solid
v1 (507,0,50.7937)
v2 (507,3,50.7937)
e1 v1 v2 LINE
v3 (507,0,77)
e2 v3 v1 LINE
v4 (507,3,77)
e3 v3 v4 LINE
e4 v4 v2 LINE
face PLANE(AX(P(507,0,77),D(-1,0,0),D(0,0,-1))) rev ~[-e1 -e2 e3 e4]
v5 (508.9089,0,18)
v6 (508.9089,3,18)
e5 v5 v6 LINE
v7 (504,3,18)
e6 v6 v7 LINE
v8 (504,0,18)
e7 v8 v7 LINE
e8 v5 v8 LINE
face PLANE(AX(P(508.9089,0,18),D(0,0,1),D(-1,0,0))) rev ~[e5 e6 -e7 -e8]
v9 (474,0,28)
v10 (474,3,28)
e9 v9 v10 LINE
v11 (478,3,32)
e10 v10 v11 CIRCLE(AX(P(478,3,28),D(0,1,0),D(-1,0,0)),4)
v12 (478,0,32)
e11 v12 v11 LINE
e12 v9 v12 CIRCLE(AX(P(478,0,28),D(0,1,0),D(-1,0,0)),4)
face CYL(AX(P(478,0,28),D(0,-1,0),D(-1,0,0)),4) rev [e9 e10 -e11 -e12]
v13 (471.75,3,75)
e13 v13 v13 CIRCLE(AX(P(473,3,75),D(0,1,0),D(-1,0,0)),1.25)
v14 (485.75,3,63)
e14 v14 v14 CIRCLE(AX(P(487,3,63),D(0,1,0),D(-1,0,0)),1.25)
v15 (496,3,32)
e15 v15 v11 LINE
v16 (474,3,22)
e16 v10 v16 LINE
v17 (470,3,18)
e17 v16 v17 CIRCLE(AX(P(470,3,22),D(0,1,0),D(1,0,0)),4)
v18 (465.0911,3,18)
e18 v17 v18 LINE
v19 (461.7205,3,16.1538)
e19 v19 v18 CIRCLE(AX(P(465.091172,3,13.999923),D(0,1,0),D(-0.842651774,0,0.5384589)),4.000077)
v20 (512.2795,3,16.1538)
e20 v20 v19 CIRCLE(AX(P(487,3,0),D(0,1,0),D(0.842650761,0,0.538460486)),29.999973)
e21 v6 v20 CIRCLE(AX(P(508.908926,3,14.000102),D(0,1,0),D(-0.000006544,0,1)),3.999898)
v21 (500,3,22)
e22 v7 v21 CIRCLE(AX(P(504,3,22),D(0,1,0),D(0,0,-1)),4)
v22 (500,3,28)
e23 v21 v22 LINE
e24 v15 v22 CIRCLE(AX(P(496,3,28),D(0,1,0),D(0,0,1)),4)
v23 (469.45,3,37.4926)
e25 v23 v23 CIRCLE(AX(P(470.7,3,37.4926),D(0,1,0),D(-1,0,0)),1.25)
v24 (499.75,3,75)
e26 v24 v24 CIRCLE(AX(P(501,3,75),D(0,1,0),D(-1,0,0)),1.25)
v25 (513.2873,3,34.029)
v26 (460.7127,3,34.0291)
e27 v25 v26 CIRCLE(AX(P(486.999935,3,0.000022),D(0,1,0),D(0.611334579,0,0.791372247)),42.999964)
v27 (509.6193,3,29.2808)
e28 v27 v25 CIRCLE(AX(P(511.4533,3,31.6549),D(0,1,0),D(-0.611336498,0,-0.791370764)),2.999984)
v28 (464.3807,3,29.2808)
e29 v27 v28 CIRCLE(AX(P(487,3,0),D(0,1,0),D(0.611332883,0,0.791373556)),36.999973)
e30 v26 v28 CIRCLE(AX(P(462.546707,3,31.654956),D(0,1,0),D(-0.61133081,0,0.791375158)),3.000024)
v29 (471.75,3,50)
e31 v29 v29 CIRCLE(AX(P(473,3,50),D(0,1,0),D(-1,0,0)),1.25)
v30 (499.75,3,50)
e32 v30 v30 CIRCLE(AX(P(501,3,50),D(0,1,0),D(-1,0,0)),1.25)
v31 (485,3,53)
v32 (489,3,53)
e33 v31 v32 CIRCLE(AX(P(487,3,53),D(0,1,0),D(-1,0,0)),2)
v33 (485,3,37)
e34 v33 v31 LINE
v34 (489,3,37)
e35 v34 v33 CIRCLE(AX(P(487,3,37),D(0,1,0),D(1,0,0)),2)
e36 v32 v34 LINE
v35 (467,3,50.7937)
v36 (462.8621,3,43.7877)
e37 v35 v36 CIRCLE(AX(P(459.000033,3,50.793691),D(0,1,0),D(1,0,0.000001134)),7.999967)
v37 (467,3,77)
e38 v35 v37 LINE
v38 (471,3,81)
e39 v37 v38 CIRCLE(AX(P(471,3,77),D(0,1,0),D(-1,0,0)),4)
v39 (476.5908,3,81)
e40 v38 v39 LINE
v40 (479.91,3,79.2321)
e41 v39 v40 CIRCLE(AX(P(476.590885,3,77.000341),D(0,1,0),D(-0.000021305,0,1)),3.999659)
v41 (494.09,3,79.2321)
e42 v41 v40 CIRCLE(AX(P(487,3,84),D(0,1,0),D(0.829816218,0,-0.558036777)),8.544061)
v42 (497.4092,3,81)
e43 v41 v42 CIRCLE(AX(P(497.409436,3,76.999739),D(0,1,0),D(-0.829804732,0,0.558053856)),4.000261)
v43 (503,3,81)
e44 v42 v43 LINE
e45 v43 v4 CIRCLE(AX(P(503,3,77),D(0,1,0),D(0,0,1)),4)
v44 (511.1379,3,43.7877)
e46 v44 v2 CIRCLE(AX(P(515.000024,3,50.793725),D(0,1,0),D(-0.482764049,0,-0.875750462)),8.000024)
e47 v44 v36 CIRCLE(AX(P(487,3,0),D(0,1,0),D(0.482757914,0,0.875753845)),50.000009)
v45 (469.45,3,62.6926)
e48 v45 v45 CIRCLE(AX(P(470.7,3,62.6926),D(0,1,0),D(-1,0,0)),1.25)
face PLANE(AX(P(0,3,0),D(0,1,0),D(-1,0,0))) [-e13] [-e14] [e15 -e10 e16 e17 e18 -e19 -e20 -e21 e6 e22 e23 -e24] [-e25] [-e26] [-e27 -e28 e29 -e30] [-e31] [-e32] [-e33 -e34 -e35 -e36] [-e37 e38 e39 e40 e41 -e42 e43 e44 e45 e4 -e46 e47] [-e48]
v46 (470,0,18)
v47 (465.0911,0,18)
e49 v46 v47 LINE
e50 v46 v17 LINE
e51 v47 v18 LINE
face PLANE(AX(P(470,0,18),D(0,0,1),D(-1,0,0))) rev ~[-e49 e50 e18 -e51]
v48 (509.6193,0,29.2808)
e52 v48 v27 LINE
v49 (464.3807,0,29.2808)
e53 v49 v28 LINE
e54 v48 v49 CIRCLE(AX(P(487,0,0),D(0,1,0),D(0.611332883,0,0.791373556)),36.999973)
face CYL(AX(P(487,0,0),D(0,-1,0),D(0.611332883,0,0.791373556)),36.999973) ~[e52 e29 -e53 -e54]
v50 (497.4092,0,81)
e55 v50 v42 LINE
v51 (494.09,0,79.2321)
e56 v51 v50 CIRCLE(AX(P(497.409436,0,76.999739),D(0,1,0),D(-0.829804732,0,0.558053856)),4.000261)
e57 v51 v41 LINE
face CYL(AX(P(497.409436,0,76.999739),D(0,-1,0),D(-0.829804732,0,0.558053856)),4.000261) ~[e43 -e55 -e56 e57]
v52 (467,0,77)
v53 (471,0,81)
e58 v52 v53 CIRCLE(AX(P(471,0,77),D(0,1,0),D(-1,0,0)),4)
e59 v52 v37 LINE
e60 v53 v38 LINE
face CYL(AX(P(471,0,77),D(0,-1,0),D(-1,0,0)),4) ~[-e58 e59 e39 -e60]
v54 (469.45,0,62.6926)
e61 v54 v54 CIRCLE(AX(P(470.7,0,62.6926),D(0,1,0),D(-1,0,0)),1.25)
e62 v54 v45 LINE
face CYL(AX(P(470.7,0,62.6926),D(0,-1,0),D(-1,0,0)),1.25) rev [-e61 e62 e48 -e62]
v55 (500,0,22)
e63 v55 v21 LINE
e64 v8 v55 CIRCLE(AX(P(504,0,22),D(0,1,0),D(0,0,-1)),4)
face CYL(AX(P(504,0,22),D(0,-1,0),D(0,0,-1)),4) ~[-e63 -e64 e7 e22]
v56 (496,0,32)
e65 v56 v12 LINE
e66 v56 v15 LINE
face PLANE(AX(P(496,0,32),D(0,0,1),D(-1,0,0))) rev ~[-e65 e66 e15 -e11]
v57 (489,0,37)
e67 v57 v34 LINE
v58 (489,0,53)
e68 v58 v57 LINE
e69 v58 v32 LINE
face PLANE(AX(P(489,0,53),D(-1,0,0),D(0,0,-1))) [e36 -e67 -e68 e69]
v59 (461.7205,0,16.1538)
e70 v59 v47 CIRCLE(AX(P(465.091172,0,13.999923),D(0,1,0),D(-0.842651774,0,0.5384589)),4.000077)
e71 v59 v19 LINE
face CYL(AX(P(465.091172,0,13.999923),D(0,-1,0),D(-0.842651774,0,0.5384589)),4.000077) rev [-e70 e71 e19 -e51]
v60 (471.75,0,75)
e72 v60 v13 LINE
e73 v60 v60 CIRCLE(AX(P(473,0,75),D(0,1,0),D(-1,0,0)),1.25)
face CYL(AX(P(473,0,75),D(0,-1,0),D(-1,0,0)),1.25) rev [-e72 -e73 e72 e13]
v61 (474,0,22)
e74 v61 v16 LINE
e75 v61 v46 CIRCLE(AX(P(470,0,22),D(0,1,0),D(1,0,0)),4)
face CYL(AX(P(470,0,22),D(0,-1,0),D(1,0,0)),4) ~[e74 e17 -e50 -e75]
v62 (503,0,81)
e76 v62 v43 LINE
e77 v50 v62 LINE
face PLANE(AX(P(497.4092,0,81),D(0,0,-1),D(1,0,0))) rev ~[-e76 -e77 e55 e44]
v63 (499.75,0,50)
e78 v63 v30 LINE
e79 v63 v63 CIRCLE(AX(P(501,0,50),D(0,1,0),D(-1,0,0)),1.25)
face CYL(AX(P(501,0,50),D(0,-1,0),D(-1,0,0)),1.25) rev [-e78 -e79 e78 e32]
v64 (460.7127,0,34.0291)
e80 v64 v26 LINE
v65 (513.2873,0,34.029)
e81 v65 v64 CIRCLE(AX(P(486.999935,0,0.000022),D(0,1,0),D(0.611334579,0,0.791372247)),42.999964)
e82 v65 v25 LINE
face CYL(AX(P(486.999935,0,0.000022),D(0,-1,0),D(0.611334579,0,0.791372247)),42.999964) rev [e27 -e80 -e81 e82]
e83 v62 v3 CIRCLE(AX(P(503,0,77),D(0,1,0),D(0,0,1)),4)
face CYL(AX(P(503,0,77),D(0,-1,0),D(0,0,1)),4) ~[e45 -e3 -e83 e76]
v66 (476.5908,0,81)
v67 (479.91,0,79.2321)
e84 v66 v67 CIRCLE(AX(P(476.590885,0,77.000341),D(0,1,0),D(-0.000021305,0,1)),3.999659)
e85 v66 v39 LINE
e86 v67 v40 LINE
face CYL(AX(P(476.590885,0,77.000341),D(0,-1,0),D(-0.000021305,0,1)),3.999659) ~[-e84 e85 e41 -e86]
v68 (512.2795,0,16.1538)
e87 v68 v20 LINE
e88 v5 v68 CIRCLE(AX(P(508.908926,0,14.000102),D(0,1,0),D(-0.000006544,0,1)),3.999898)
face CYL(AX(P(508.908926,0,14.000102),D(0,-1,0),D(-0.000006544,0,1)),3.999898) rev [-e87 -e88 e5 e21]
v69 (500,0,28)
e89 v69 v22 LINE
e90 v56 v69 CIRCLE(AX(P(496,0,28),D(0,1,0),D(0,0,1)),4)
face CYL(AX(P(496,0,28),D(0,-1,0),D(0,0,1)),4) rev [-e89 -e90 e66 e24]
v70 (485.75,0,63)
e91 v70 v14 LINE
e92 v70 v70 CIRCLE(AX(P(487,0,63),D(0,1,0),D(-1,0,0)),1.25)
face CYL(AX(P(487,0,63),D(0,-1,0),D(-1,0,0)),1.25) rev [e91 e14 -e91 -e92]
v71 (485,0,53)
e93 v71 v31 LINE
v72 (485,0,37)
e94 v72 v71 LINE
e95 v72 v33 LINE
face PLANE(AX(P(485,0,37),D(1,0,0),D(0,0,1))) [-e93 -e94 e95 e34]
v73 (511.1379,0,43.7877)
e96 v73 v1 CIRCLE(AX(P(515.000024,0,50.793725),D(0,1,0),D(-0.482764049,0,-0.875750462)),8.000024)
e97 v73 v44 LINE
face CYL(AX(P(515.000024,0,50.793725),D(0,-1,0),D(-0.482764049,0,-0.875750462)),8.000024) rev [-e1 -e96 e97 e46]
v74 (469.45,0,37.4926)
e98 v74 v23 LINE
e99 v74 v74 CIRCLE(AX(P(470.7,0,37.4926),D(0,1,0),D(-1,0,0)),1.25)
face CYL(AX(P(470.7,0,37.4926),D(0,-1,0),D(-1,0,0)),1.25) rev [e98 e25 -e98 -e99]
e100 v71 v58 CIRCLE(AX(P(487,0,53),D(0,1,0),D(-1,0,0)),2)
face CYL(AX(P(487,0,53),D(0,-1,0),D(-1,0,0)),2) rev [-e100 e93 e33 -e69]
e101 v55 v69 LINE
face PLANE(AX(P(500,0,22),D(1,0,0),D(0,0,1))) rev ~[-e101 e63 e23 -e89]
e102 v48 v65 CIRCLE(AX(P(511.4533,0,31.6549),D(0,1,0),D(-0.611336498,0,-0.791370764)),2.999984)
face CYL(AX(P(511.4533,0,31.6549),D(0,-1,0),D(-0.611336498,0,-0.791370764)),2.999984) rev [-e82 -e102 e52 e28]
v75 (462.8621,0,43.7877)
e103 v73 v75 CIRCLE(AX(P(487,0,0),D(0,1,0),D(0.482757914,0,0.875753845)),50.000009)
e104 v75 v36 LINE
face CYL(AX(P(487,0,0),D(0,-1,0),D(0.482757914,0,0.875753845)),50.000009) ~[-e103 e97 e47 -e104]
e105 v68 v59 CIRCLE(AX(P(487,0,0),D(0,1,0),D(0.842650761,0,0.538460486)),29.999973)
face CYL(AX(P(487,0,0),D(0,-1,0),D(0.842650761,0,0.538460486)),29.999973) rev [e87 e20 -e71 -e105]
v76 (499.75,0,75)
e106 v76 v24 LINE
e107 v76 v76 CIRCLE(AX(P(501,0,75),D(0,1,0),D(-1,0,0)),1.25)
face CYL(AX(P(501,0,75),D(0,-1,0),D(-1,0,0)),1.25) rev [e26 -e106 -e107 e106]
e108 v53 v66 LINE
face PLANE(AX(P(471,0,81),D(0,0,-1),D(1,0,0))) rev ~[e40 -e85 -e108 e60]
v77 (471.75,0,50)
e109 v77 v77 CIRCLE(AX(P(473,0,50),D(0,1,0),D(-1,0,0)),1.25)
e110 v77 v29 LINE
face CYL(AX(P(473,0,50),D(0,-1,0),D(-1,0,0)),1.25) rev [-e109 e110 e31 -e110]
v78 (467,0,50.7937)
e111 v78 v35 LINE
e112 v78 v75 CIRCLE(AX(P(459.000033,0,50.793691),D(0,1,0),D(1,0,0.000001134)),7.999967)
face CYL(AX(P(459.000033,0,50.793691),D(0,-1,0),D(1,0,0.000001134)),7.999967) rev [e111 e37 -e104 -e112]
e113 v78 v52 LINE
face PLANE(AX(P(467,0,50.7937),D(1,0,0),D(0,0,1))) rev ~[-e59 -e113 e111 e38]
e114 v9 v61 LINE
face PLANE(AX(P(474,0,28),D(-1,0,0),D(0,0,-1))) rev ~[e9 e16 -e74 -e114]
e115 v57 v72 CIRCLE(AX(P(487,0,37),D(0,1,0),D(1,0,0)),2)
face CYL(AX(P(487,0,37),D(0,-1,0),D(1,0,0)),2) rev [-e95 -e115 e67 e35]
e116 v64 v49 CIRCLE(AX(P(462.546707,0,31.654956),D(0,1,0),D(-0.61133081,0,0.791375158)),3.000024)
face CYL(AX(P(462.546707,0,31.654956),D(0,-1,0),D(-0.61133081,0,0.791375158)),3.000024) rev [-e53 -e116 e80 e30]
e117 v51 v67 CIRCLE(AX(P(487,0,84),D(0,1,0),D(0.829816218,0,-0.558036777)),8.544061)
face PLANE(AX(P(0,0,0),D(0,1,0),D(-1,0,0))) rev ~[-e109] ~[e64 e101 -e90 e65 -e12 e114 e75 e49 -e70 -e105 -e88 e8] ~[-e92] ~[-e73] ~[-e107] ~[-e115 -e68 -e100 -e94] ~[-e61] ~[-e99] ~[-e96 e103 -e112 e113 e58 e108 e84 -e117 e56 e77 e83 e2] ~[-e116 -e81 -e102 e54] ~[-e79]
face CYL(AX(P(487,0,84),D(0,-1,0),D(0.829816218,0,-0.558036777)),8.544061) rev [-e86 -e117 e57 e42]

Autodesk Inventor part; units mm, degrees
ref_plane "YZ Plane" through (0, 0, 0) normal (1, 0, 0) x (0, 1, 0)
ref_plane "XZ Plane" through (0, 0, 0) normal (0, 1, 0) x (-1, 0, 0)
ref_plane "XY Plane" through (0, 0, 0) normal (0, 0, 1) x (1, 0, 0)
sketch3d "3D Sketch1"
sketch "Sketch8" plane through (0, 0, 0) normal (0, 1, 0) x (-1, 0, 0)
  arc A0 (-533.9727, 129.2939) -> (-533.9727, 72.7061) centre (-524, 101) ccw projected
  arc A1 (-533.9727, 129.2939) -> (-540.6211, 148.1565) centre (-537.2969, 138.7252) ccw projected
  arc A2 (-540.6211, 148.1565) -> (-540.6211, 53.8435) centre (-524, 101) ccw projected
  arc A3 (-540.6211, 53.8435) -> (-533.9727, 72.7061) centre (-537.2969, 63.2748) ccw projected
  circle A4 centre (-537.2969, 63.2748) radius 3 projected
  circle A5 centre (-556.6482, 77.8001) radius 2.9994 projected
  circle A6 centre (-564, 101) radius 3 projected
  circle A7 centre (-556.6482, 124.1094) radius 2.9994 projected
  circle A8 centre (-537.2969, 138.7252) radius 3 projected
  line L0 (-531, 98.5) -> (-531, 115.5) projected
  line L1 (-451.3425, 101.8066) -> (-466.8633, 88.0104) projected
  arc A9 (-451.3425, 101.8066) -> (-450, 104.7963) centre (-454, 104.7963) ccw projected
  line L2 (-450, 109.2037) -> (-450, 104.7963) projected
  arc A10 (-450, 109.2037) -> (-451.3425, 112.1934) centre (-454, 109.2037) ccw projected
  line L3 (-466.8633, 125.9896) -> (-451.3425, 112.1934) projected
  arc A11 (-466.8633, 125.9896) -> (-469.5208, 127) centre (-469.5208, 123) ccw projected
  line L4 (-505.0775, 127) -> (-469.5208, 127) projected
  arc A12 (-505.0775, 127) -> (-508.201, 125.4988) centre (-505.0775, 123) ccw projected
  line L5 (-511.799, 121.0012) -> (-508.201, 125.4988) projected
  arc A13 (-514.9225, 119.5) -> (-511.799, 121.0012) centre (-514.9225, 123.5) ccw projected
  line L6 (-527, 119.5) -> (-514.9225, 119.5) projected
  arc A14 (-527, 119.5) -> (-531, 115.5) centre (-527, 115.5) ccw projected
  arc A15 (-531, 98.5) -> (-527, 94.5) centre (-527, 98.5) ccw projected
  line L7 (-514.9225, 94.5) -> (-527, 94.5) projected
  arc A16 (-511.799, 92.9988) -> (-514.9225, 94.5) centre (-514.9225, 90.5) ccw projected
  line L8 (-508.201, 88.5012) -> (-511.799, 92.9988) projected
  arc A17 (-508.201, 88.5012) -> (-505.0775, 87) centre (-505.0775, 91) ccw projected
  line L9 (-469.5208, 87) -> (-505.0775, 87) projected
  line L10 (-478, 91.45) -> (-470, 91.45) projected
  arc A18 (-470, 91.45) -> (-470, 94.55) centre (-470, 93) ccw projected
  line L11 (-470, 94.55) -> (-478, 94.55) projected
  arc A19 (-478, 94.55) -> (-478, 91.45) centre (-478, 93) ccw projected
  arc A20 (-495, 91.45) -> (-495, 94.55) centre (-495, 93) ccw projected
  line L12 (-503, 91.45) -> (-495, 91.45) projected
  arc A21 (-503, 94.55) -> (-503, 91.45) centre (-503, 93) ccw projected
  line L13 (-495, 94.55) -> (-503, 94.55) projected
  line L14 (-455, 105.5) -> (-469, 105.5) projected
  arc A22 (-455, 105.5) -> (-455, 108.5) centre (-455, 107) ccw projected
  line L15 (-469, 108.5) -> (-455, 108.5) projected
  arc A23 (-469, 108.5) -> (-469, 105.5) centre (-469, 107) ccw projected
  arc A24 (-482, 105.45) -> (-482, 108.55) centre (-482, 107) ccw projected
  line L16 (-490, 105.45) -> (-482, 105.45) projected
  arc A25 (-490, 108.55) -> (-490, 105.45) centre (-490, 107) ccw projected
  line L17 (-482, 108.55) -> (-490, 108.55) projected
  line L18 (-501, 109) -> (-501, 105) projected
  line L19 (-501, 105) -> (-511, 105) projected
  line L20 (-511, 105) -> (-511, 109) projected
  line L21 (-511, 109) -> (-501, 109) projected
  circle A26 centre (-525.75, 100) radius 1.55 projected
  circle A27 centre (-525.75, 114) radius 1.55 projected
  arc A28 (-503, 122.55) -> (-503, 119.45) centre (-503, 121) ccw projected
  line L22 (-503, 122.55) -> (-495, 122.55) projected
  arc A29 (-495, 119.45) -> (-495, 122.55) centre (-495, 121) ccw projected
  line L23 (-495, 119.45) -> (-503, 119.45) projected
  arc A30 (-478, 122.55) -> (-478, 119.45) centre (-478, 121) ccw projected
  line L24 (-478, 122.55) -> (-470, 122.55) projected
  arc A31 (-470, 119.45) -> (-470, 122.55) centre (-470, 121) ccw projected
  line L25 (-470, 119.45) -> (-478, 119.45) projected
  arc A32 (-469.5208, 87) -> (-466.8633, 88.0104) centre (-469.5208, 91) ccw projected
  line L26 (-487, 7.43) -> (-478.1, 7.43) projected
  line L27 (-495.9, 7.43) -> (-487, 7.43) projected
  arc A33 (-495.9, 7.43) -> (-499.5, 3.83) centre (-495.9, 3.83) ccw projected
  line L28 (-499.5, -0.5942) -> (-499.5, 3.83) projected
  arc A34 (-499.5, -0.5942) -> (-498.1907, -3.5539) centre (-495.5, -0.5942) ccw projected
  line L29 (-490, -11) -> (-498.1907, -3.5539) projected
  line L30 (-484, -11) -> (-490, -11) projected
  line L31 (-475.8093, -3.5539) -> (-484, -11) projected
  arc A35 (-475.8093, -3.5539) -> (-474.5, -0.5942) centre (-478.5, -0.5942) ccw projected
  line L32 (-474.5, 3.83) -> (-474.5, -0.5942) projected
  arc A36 (-474.5, 3.83) -> (-478.1, 7.43) centre (-478.1, 3.83) ccw projected
  arc A37 (-478.45, 4) -> (-481.55, 4) centre (-480, 4) ccw projected
  line L33 (-481.55, 4) -> (-481.55, -1) projected
  arc A38 (-481.55, -1) -> (-478.45, -1) centre (-480, -1) ccw projected
  line L34 (-478.45, -1) -> (-478.45, 4) projected
  line L35 (-492.45, 4) -> (-492.45, -1) projected
  arc A39 (-492.45, 4) -> (-495.55, 4) centre (-494, 4) ccw projected
  line L36 (-495.55, -1) -> (-495.55, 4) projected
  arc A40 (-495.55, -1) -> (-492.45, -1) centre (-494, -1) ccw projected
  arc A41 (-494.09, 79.2321) -> (-479.91, 79.2321) centre (-487, 84) ccw projected
  arc A42 (-494.09, 79.2321) -> (-497.4092, 81) centre (-497.4092, 77) ccw projected
  line L37 (-497.4092, 81) -> (-503, 81) projected
  arc A43 (-503, 81) -> (-507, 77) centre (-503, 77) ccw projected
  line L38 (-507, 77) -> (-507, 50.7937) projected
  arc A44 (-511.1379, 43.7877) -> (-507, 50.7937) centre (-515, 50.7937) ccw projected
  arc A45 (-511.1379, 43.7877) -> (-462.8621, 43.7877) centre (-487, 0) ccw projected
  arc A46 (-467, 50.7937) -> (-462.8621, 43.7877) centre (-459, 50.7937) ccw projected
  line L39 (-467, 50.7937) -> (-467, 77) projected
  arc A47 (-467, 77) -> (-471, 81) centre (-471, 77) ccw projected
  line L40 (-471, 81) -> (-476.5908, 81) projected
  arc A48 (-476.5908, 81) -> (-479.91, 79.2321) centre (-476.5908, 77) ccw projected
  circle A49 centre (-473, 75) radius 1.25 projected
  circle A50 centre (-501, 75) radius 1.25 projected
  circle A51 centre (-487, 63) radius 1.25 projected
  circle A52 centre (-470.7, 62.6926) radius 1.25 projected
  circle A53 centre (-473, 50) radius 1.25 projected
  circle A54 centre (-501, 50) radius 1.25 projected
  circle A55 centre (-470.7, 37.4926) radius 1.25 projected
  arc A56 (-485, 53) -> (-489, 53) centre (-487, 53) ccw projected
  line L41 (-485, 37) -> (-485, 53) projected
  line L42 (-489, 53) -> (-489, 37) projected
  arc A57 (-489, 37) -> (-485, 37) centre (-487, 37) ccw projected
  arc A58 (-513.2873, 34.029) -> (-460.7127, 34.0291) centre (-487, 0) ccw projected
  arc A59 (-509.6193, 29.2808) -> (-464.3807, 29.2808) centre (-487, 0) ccw projected
  arc A60 (-460.7127, 34.0291) -> (-464.3807, 29.2808) centre (-462.5467, 31.6549) ccw projected
  arc A61 (-509.6193, 29.2808) -> (-513.2873, 34.029) centre (-511.4533, 31.6549) ccw projected
  arc A62 (-496, 32) -> (-500, 28) centre (-496, 28) ccw projected
  line L43 (-496, 32) -> (-478, 32) projected
  arc A63 (-474, 28) -> (-478, 32) centre (-478, 28) ccw projected
  line L44 (-474, 28) -> (-474, 22) projected
  arc A64 (-474, 22) -> (-470, 18) centre (-470, 22) ccw projected
  line L45 (-470, 18) -> (-465.0911, 18) projected
  arc A65 (-461.7205, 16.1538) -> (-465.0911, 18) centre (-465.0911, 14) ccw projected
  arc A66 (-512.2795, 16.1538) -> (-461.7205, 16.1538) centre (-487, 0) ccw projected
  arc A67 (-508.9089, 18) -> (-512.2795, 16.1538) centre (-508.9089, 14) ccw projected
  line L46 (-508.9089, 18) -> (-504, 18) projected
  arc A68 (-504, 18) -> (-500, 22) centre (-504, 22) ccw projected
  line L47 (-500, 22) -> (-500, 28) projected
  point P0 (0, 0)
extrude "Extrusion1" add sketch "Sketch8" along normal blind 3 contours A41 A48 L40 A47 L39 A46 A45 A44 L38 A43 L37 A42
properties part number "pulsador_monta_riel"
